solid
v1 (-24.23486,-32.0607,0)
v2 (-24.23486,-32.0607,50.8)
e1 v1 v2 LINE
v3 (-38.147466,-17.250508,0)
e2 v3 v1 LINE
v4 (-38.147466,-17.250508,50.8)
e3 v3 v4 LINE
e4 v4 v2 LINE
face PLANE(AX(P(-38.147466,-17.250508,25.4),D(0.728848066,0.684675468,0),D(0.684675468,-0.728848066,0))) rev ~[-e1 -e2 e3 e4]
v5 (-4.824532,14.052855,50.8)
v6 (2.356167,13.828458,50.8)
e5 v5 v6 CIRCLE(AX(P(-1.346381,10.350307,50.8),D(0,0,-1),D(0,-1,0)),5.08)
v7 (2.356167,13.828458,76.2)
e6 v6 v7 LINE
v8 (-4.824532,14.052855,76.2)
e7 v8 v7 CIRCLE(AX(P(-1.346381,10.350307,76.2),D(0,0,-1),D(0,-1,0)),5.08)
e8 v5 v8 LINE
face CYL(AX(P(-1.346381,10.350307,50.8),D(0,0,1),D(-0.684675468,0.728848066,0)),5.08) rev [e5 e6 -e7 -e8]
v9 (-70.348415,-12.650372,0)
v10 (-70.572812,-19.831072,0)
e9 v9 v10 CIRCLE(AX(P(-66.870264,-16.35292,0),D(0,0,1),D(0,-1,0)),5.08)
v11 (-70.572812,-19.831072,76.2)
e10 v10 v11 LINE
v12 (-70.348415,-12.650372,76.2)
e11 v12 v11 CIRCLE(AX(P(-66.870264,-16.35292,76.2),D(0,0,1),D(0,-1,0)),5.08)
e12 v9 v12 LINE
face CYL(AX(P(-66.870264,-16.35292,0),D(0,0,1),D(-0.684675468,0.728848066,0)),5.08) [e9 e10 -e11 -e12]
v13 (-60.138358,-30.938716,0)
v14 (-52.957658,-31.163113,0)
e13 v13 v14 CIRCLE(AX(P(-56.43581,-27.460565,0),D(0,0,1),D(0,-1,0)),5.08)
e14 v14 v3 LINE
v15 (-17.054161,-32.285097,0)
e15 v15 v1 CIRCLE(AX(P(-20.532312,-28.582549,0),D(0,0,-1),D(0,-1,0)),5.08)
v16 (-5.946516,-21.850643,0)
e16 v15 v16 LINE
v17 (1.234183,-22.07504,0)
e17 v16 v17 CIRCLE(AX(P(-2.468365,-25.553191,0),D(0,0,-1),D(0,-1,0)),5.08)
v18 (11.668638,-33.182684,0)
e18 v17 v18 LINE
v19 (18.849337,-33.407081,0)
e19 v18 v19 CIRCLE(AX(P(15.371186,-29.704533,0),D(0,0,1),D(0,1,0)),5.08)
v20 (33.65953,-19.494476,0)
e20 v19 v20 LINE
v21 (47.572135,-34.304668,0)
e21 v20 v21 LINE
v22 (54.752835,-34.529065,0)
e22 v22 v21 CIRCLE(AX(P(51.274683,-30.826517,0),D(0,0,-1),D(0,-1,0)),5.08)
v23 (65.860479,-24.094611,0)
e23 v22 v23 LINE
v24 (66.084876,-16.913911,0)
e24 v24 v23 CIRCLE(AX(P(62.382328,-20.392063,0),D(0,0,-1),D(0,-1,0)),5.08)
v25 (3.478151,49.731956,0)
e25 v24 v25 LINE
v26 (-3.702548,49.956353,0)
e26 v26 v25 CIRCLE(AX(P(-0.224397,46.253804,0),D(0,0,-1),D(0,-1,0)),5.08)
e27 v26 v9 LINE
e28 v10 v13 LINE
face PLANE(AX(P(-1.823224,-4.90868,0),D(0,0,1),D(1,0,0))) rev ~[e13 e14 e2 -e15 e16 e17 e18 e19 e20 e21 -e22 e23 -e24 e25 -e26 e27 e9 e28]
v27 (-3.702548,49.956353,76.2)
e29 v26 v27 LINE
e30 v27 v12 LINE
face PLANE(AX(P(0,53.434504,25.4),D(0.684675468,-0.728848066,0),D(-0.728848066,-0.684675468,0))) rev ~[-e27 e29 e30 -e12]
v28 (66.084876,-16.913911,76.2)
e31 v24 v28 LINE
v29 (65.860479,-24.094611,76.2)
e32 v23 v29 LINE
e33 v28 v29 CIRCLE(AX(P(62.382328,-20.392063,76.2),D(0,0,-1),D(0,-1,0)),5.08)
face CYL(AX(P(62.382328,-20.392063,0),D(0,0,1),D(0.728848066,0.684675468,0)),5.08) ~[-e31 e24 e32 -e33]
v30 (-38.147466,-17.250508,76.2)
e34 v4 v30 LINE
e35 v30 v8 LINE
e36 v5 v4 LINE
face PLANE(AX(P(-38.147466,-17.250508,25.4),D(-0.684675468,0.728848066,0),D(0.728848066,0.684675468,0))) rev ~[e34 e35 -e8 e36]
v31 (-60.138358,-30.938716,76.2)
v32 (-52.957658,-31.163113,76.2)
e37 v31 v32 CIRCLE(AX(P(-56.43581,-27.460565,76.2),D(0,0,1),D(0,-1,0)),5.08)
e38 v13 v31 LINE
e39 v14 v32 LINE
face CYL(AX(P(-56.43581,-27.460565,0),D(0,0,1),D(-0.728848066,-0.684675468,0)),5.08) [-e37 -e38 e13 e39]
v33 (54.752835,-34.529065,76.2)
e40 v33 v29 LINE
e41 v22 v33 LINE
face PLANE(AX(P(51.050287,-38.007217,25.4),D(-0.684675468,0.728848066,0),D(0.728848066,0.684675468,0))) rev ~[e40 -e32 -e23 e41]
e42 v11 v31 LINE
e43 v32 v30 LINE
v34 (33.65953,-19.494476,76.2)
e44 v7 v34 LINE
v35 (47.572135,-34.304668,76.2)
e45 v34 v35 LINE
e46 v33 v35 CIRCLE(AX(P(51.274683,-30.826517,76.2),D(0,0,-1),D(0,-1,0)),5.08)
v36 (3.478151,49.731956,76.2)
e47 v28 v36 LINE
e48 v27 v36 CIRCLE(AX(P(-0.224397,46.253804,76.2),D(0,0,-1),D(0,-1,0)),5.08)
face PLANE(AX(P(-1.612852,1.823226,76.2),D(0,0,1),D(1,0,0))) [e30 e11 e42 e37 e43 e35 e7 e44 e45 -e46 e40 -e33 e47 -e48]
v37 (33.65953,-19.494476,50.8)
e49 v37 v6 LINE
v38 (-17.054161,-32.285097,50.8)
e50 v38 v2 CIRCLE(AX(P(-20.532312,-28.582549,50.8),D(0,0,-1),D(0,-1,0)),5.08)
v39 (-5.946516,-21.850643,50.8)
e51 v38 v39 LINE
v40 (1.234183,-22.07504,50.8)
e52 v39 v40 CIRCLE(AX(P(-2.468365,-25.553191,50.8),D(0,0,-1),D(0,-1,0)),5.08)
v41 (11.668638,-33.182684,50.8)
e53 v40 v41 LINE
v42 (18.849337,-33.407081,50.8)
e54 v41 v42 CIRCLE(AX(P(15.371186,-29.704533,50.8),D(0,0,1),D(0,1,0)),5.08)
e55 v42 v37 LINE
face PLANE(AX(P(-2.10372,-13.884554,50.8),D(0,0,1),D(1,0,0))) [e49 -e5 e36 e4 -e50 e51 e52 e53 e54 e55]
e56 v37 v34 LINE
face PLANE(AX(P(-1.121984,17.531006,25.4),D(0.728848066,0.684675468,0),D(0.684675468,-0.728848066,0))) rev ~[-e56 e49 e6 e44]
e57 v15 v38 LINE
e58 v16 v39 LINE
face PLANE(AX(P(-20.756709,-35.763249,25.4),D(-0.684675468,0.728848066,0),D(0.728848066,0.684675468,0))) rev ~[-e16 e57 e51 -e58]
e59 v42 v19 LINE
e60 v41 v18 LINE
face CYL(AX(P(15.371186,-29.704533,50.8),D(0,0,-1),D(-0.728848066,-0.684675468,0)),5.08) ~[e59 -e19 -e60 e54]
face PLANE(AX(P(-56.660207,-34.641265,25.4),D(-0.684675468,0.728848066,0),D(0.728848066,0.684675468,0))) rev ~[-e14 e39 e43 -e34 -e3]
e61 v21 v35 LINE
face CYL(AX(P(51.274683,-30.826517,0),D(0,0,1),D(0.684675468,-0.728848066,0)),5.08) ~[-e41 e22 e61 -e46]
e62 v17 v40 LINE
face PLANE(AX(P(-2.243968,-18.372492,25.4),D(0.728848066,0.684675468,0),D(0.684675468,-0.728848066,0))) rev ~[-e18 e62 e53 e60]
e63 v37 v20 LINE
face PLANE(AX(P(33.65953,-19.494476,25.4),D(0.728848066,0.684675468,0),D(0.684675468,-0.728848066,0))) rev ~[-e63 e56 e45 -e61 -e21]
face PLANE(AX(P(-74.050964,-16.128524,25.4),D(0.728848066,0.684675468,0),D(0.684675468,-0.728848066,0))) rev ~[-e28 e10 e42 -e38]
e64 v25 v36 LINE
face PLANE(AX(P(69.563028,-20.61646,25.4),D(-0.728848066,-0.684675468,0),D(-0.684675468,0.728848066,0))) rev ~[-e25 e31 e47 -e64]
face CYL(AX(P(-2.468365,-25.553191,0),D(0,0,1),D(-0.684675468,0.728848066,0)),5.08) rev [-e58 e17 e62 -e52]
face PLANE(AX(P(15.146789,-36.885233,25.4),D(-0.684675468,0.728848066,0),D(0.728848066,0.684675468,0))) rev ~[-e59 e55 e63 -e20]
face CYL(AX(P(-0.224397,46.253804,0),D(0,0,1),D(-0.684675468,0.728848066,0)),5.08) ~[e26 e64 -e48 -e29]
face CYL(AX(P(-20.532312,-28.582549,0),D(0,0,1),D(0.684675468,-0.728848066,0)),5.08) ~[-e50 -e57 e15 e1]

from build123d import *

# Parameters (mm, degrees)
F1_DEPTH = 25.4
F3_DEPTH = 25.4
F5_DEPTH = 50.8
F6_R     = 5.08
F7_R     = 5.08
F8_R     = 5.08
F9_R     = 5.08
F10_R    = 5.08
F11_R    = 5.08
F12_R    = 5.08
F13_R    = 5.08
F14_R    = 5.08


with BuildPart() as f1:
    # F0 (on Top) → F1 (new body)
    with BuildSketch(Plane.XY):
        Polygon((69.5630275399, -20.6164596444), (0, 53.434503884), (-74.0509635284, -16.1285236559), (-56.6602066435, -34.641264538), (-38.1474657613, -17.250507653), (-20.7567088764, -35.7632485351), (-2.2439679943, -18.3724916501), (15.1467888907, -36.8852325322), (33.6595297728, -19.4944756473), (51.0502866578, -38.0072165294), align=None)
    extrude(amount=F1_DEPTH)

    # F2 (on face) → F3 (join)
    with BuildSketch(Plane.XY.offset(25.4)):
        Polygon((-1.1219839971, 17.5310061169), (-38.1474657613, -17.250507653), (-20.7567088764, -35.7632485351), (-2.2439679943, -18.3724916501), (15.1467888907, -36.8852325322), (33.6595297728, -19.4944756473), align=None)
    extrude(amount=F3_DEPTH)

    # F4 (on face) → F5 (join)
    with BuildSketch(Plane.XY.offset(25.4)):
        Polygon((33.6595297728, -19.4944756473), (51.0502866578, -38.0072165294), (69.5630275399, -20.6164596444), (0, 53.434503884), (-74.0509635284, -16.1285236559), (-56.6602066435, -34.641264538), (-38.1474657613, -17.250507653), (-1.1219839971, 17.5310061169), align=None)
    extrude(amount=F5_DEPTH)

    # F6
    f6_edges = [f1.edges().sort_by_distance(p)[0] for p in [
        (-1.121984, 17.531006, 63.5),
    ]]
    fillet(f6_edges, radius=F6_R)

    # F7
    f7_edges = [f1.edges().sort_by_distance(p)[0] for p in [
        (-2.243968, -18.372492, 25.4),
    ]]
    fillet(f7_edges, radius=F7_R)

    # F8
    f8_edges = [f1.edges().sort_by_distance(p)[0] for p in [
        (15.146789, -36.885233, 25.4),
    ]]
    fillet(f8_edges, radius=F8_R)

    # F9
    f9_edges = [f1.edges().sort_by_distance(p)[0] for p in [
        (-20.756709, -35.763249, 25.4),
    ]]
    fillet(f9_edges, radius=F9_R)

    # F10
    f10_edges = [f1.edges().sort_by_distance(p)[0] for p in [
        (0, 53.434504, 38.1),
    ]]
    fillet(f10_edges, radius=F10_R)

    # F11
    f11_edges = [f1.edges().sort_by_distance(p)[0] for p in [
        (-74.050964, -16.128524, 38.1),
    ]]
    fillet(f11_edges, radius=F11_R)

    # F12
    f12_edges = [f1.edges().sort_by_distance(p)[0] for p in [
        (69.563028, -20.61646, 38.1),
    ]]
    fillet(f12_edges, radius=F12_R)

    # F13
    f13_edges = [f1.edges().sort_by_distance(p)[0] for p in [
        (-56.660207, -34.641265, 38.1),
    ]]
    fillet(f13_edges, radius=F13_R)

    # F14
    f14_edges = [f1.edges().sort_by_distance(p)[0] for p in [
        (51.050287, -38.007217, 38.1),
    ]]
    fillet(f14_edges, radius=F14_R)


solid = f1.part
